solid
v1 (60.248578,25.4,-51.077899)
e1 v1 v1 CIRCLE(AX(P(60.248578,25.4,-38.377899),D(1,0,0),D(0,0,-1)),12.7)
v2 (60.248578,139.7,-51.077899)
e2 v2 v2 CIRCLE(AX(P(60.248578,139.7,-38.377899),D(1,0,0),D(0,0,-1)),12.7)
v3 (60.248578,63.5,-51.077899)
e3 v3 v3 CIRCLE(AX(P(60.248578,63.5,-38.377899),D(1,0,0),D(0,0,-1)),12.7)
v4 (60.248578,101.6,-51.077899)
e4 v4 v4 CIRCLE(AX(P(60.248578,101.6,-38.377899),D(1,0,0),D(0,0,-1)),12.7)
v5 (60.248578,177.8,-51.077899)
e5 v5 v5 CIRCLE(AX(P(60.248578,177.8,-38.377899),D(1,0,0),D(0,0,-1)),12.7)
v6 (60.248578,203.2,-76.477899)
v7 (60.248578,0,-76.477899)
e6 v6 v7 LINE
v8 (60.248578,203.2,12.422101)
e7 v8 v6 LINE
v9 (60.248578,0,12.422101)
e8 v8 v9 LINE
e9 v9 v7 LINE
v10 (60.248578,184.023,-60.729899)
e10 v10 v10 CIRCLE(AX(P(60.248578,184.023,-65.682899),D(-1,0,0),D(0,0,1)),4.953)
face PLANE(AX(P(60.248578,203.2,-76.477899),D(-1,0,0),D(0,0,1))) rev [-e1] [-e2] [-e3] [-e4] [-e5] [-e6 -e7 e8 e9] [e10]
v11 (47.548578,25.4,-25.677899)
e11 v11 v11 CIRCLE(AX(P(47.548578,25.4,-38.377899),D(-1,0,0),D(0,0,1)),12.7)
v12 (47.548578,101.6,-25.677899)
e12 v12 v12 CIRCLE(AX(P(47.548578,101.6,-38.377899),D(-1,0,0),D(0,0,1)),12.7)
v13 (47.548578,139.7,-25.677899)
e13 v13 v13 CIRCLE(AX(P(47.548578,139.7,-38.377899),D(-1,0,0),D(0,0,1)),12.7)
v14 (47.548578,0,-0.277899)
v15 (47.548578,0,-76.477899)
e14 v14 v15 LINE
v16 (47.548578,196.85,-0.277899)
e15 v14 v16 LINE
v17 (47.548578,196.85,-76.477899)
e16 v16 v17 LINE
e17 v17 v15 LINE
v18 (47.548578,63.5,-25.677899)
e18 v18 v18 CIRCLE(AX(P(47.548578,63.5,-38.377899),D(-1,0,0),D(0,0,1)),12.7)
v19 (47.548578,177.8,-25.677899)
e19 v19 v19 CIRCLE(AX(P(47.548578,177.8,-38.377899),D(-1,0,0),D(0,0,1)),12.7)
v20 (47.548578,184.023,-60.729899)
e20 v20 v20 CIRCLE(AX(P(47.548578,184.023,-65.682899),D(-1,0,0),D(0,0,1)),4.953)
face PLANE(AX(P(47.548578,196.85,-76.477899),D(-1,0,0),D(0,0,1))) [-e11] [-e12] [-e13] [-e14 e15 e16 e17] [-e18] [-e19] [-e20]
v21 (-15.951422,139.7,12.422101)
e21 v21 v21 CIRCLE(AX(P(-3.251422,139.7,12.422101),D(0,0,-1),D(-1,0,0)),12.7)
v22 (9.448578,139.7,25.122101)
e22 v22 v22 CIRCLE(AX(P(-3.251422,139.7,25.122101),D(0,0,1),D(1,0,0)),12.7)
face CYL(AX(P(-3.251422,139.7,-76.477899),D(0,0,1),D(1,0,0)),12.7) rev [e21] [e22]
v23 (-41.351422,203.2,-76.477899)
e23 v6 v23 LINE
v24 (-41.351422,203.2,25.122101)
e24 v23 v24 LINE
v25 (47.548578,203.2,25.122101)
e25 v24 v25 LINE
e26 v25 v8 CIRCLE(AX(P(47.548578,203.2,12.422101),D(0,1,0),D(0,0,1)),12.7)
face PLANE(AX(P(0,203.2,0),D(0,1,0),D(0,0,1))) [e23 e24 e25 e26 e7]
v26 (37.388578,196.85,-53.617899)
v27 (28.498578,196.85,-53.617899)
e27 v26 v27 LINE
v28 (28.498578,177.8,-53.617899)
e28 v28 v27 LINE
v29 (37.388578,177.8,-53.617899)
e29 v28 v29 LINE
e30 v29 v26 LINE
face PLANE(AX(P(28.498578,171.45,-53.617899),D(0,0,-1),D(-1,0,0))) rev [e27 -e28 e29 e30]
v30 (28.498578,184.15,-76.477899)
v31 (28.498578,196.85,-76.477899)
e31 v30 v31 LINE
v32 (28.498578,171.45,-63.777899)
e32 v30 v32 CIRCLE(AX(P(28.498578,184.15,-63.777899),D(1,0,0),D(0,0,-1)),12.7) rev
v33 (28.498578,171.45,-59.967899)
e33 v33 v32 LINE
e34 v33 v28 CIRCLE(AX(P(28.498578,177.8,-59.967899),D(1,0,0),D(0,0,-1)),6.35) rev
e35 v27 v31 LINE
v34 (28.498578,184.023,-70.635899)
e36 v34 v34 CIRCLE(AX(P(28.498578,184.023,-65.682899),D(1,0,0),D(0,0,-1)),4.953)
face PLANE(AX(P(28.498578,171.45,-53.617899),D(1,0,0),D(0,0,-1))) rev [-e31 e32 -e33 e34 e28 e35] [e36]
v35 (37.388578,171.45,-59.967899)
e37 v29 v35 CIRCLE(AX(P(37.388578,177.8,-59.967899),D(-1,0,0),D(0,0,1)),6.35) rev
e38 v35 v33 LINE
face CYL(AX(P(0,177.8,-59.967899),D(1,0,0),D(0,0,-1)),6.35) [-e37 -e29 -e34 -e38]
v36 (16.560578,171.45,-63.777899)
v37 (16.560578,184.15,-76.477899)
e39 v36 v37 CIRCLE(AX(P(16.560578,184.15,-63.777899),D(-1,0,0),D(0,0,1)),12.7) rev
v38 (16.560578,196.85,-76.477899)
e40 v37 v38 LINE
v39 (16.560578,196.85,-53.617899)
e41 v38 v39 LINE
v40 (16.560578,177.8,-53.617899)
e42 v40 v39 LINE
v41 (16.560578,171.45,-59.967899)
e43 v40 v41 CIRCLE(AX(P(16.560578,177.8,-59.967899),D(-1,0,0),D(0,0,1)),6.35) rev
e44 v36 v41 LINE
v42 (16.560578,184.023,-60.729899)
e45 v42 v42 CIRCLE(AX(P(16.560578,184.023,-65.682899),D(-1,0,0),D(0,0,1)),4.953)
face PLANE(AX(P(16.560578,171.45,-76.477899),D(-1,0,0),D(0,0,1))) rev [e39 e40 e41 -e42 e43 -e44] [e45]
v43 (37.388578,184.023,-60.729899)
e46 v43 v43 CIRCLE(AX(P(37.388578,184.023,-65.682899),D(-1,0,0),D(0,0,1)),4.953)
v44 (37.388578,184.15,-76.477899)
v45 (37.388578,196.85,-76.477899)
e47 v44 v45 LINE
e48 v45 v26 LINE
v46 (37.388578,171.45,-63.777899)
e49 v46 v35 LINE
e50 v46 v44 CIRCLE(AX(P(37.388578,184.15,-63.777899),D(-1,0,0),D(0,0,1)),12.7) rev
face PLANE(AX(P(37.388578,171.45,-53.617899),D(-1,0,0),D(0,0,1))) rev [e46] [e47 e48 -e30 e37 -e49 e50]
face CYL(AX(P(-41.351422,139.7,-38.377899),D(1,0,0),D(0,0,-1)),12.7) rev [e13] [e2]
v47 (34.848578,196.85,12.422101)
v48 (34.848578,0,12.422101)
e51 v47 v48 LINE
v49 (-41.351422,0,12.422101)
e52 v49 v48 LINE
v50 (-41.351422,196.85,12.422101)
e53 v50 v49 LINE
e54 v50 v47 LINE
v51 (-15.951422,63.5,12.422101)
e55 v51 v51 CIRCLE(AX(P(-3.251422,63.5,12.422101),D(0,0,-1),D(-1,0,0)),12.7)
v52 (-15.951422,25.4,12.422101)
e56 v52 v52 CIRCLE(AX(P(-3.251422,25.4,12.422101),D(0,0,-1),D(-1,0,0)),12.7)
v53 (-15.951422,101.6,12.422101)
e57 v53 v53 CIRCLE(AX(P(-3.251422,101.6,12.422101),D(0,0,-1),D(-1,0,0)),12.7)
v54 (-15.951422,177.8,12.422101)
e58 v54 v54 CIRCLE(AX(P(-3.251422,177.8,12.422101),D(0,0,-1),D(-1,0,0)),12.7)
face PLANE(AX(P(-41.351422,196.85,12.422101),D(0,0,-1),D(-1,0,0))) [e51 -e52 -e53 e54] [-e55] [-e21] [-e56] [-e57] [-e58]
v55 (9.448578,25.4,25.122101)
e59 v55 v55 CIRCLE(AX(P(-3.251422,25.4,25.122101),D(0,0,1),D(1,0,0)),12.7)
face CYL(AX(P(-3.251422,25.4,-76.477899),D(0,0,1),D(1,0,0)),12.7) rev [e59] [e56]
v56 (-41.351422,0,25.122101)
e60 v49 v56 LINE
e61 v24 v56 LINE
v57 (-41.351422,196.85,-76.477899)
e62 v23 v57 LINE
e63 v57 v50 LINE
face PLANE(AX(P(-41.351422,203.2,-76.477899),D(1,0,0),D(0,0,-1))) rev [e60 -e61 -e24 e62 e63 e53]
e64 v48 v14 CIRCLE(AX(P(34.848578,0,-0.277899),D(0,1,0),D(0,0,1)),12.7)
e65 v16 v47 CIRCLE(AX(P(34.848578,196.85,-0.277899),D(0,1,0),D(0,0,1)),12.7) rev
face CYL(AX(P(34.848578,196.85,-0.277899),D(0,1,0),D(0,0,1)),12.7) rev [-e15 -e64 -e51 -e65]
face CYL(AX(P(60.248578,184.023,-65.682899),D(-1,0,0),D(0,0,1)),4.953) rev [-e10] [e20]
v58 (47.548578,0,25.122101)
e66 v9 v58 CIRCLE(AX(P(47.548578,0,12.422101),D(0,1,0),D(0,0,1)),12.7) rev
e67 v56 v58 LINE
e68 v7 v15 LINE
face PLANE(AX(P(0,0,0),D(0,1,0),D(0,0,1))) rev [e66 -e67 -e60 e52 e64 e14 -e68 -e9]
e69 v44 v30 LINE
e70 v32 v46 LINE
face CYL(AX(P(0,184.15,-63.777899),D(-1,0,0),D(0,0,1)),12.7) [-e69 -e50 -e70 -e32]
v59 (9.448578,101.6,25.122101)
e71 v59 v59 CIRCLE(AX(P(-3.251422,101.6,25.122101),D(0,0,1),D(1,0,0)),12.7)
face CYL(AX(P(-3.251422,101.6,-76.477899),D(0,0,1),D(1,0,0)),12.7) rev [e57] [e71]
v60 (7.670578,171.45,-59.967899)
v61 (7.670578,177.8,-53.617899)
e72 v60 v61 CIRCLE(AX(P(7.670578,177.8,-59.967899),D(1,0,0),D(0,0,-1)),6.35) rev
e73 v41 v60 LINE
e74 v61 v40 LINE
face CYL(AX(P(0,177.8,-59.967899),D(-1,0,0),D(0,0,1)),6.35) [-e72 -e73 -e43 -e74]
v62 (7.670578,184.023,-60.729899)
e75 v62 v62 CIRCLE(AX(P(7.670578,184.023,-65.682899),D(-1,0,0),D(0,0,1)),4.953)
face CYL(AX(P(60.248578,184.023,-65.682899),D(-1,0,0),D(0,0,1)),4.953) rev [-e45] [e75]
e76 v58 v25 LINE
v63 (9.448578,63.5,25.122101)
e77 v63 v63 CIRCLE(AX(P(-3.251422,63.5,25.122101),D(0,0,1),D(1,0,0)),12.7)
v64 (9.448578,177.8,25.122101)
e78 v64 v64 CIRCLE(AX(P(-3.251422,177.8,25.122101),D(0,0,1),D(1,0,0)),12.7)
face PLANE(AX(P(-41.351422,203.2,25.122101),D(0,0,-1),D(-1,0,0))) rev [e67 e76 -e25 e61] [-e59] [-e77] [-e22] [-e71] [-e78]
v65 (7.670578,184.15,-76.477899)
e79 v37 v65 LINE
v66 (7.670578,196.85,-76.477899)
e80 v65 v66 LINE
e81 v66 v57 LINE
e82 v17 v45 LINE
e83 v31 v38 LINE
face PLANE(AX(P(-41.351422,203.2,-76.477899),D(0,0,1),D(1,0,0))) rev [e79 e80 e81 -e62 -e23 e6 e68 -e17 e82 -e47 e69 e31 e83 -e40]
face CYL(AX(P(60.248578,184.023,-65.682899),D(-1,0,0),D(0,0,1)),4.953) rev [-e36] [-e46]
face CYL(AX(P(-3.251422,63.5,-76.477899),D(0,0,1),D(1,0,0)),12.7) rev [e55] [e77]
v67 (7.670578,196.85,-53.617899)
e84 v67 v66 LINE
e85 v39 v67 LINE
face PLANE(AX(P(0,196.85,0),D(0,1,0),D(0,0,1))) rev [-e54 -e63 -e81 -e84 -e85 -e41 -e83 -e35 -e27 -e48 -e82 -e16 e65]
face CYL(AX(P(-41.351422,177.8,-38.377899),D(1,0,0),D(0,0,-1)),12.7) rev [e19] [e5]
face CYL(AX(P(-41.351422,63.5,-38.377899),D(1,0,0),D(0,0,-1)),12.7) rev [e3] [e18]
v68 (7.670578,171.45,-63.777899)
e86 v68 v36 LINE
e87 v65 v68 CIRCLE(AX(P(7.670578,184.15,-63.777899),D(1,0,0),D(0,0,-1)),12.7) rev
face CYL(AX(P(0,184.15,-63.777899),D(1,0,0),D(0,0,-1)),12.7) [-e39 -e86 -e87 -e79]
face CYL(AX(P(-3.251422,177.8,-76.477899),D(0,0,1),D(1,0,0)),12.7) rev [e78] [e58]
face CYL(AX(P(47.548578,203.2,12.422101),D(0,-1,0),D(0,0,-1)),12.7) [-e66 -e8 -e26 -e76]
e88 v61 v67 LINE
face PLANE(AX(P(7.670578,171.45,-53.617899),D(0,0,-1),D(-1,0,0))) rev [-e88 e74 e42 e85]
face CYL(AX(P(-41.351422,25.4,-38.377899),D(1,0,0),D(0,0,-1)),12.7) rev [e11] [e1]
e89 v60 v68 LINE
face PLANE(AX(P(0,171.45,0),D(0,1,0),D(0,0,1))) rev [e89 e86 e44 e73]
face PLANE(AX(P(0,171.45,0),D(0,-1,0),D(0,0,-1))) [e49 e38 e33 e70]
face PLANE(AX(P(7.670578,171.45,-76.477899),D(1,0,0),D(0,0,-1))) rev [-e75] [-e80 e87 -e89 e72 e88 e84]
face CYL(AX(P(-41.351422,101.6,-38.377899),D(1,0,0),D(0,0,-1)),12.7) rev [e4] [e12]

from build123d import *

# Parameters (mm, degrees)
SKETCH2_W           = 101.6
SKETCH2_H           = 101.6
BOSS_EXTRUDE1_DEPTH = 203.2
SKETCH4_W           = 88.9
SKETCH4_H           = 88.9
CUT_EXTRUDE1_DEPTH  = 95.25
FILLET1_R           = 12.7
SKETCH5_R           = 12.7
CUT_EXTRUDE2_DEPTH  = 102.6
SKETCH6_R           = 12.7
CUT_EXTRUDE3_DEPTH  = 102.6
CUT_EXTRUDE4_DEPTH  = 7.35
SKETCH31_W          = 8.89
SKETCH31_H          = 22.86
BOSS_EXTRUDE2_DEPTH = 25.4
FILLET2_R           = 6.35
FILLET3_R           = 12.7
SKETCH32_R          = 4.953
CUT_EXTRUDE5_DEPTH  = 53.578


with BuildPart() as part:
    # Sketch2 → Boss-Extrude1 (new body)
    with BuildSketch(Plane(origin=(0, 0, 0), x_dir=(1, 0, 0), z_dir=(0, 1, 0))):
        with Locations((9.448577681, 25.677899344)):
            Rectangle(SKETCH2_W, SKETCH2_H)
    extrude(amount=BOSS_EXTRUDE1_DEPTH)

    # Sketch4 → Cut-Extrude1 (cut, symmetric)
    with BuildSketch(Plane(origin=(0, 101.6, 0), x_dir=(1, 0, 0), z_dir=(0, 1, 0))):
        with Locations((3.098577681, 32.027899344)):
            Rectangle(SKETCH4_W, SKETCH4_H)
    extrude(amount=CUT_EXTRUDE1_DEPTH, both=True, mode=Mode.SUBTRACT)

    # Fillet1
    fillet1_edges = [part.edges().sort_by_distance(p)[0] for p in [
        (47.548577681, 101.6, 12.422100656),
        (60.248577681, 101.6, 25.122100656),
    ]]
    fillet(fillet1_edges, radius=FILLET1_R)

    # Sketch5 → Cut-Extrude2 (cut, through all)
    with BuildSketch(Plane.XY.offset(25.122100656)):
        with Locations((-3.251422319, 177.8)):
            Circle(SKETCH5_R)
        with Locations((-3.251422319, 139.7)):
            Circle(SKETCH5_R)
        with Locations((-3.251422319, 101.6)):
            Circle(SKETCH5_R)
        with Locations((-3.251422319, 63.5)):
            Circle(SKETCH5_R)
        with Locations((-3.251422319, 25.4)):
            Circle(SKETCH5_R)
    extrude(amount=-CUT_EXTRUDE2_DEPTH, mode=Mode.SUBTRACT)

    # Sketch6 → Cut-Extrude3 (cut, through all)
    with BuildSketch(Plane(origin=(60.248577681, 0, 0), x_dir=(0, 0, -1), z_dir=(1, 0, 0))):
        with Locations((38.377899344, 177.8)):
            Circle(SKETCH6_R)
        with Locations((38.377899344, 139.7)):
            Circle(SKETCH6_R)
        with Locations((38.377899344, 101.6)):
            Circle(SKETCH6_R)
        with Locations((38.377899344, 63.5)):
            Circle(SKETCH6_R)
        with Locations((38.377899344, 25.4)):
            Circle(SKETCH6_R)
    extrude(amount=-CUT_EXTRUDE3_DEPTH, mode=Mode.SUBTRACT)

    # Sketch7 → Cut-Extrude4 (cut, through all)
    with BuildSketch(Plane(origin=(0, 6.35, 0), x_dir=(1, 0, 0), z_dir=(0, 1, 0))):
        with BuildLine():
            Line((-41.351422319, 76.477899344), (47.548577681, 76.477899344))
            Line((47.548577681, 76.477899344), (47.548577681, 0.277899344))
            ThreePointArc((47.548577681, 0.277899344), (43.828833802, -8.702356778), (34.848577681, -12.422100656))
            Line((34.848577681, -12.422100656), (-41.351422319, -12.422100656))
            Line((-41.351422319, -12.422100656), (-41.351422319, 76.477899344))
        make_face()
    extrude(amount=-CUT_EXTRUDE4_DEPTH, mode=Mode.SUBTRACT)

    # Sketch31 → Boss-Extrude2 (add)
    with BuildSketch(Plane.XZ.offset(-196.85)):
        with Locations((12.115577681, -65.047899344)):
            Rectangle(SKETCH31_W, SKETCH31_H)
        with Locations((32.943577681, -65.047899344)):
            Rectangle(SKETCH31_W, SKETCH31_H)
    extrude(amount=BOSS_EXTRUDE2_DEPTH)

    # Fillet2
    fillet2_edges = [part.edges().sort_by_distance(p)[0] for p in [
        (12.115577681, 171.45, -53.617899344),
        (32.943577681, 171.45, -53.617899344),
    ]]
    fillet(fillet2_edges, radius=FILLET2_R)

    # Fillet3
    fillet3_edges = [part.edges().sort_by_distance(p)[0] for p in [
        (12.115577681, 171.45, -76.477899344),
        (32.943577681, 171.45, -76.477899344),
    ]]
    fillet(fillet3_edges, radius=FILLET3_R)

    # Sketch32 → Cut-Extrude5 (cut, through all)
    with BuildSketch(Plane.ZY.offset(-7.670577681)):
        with Locations((-65.682899344, 184.023)):
            Circle(SKETCH32_R)
    extrude(amount=-CUT_EXTRUDE5_DEPTH, mode=Mode.SUBTRACT)


solid = part.part
